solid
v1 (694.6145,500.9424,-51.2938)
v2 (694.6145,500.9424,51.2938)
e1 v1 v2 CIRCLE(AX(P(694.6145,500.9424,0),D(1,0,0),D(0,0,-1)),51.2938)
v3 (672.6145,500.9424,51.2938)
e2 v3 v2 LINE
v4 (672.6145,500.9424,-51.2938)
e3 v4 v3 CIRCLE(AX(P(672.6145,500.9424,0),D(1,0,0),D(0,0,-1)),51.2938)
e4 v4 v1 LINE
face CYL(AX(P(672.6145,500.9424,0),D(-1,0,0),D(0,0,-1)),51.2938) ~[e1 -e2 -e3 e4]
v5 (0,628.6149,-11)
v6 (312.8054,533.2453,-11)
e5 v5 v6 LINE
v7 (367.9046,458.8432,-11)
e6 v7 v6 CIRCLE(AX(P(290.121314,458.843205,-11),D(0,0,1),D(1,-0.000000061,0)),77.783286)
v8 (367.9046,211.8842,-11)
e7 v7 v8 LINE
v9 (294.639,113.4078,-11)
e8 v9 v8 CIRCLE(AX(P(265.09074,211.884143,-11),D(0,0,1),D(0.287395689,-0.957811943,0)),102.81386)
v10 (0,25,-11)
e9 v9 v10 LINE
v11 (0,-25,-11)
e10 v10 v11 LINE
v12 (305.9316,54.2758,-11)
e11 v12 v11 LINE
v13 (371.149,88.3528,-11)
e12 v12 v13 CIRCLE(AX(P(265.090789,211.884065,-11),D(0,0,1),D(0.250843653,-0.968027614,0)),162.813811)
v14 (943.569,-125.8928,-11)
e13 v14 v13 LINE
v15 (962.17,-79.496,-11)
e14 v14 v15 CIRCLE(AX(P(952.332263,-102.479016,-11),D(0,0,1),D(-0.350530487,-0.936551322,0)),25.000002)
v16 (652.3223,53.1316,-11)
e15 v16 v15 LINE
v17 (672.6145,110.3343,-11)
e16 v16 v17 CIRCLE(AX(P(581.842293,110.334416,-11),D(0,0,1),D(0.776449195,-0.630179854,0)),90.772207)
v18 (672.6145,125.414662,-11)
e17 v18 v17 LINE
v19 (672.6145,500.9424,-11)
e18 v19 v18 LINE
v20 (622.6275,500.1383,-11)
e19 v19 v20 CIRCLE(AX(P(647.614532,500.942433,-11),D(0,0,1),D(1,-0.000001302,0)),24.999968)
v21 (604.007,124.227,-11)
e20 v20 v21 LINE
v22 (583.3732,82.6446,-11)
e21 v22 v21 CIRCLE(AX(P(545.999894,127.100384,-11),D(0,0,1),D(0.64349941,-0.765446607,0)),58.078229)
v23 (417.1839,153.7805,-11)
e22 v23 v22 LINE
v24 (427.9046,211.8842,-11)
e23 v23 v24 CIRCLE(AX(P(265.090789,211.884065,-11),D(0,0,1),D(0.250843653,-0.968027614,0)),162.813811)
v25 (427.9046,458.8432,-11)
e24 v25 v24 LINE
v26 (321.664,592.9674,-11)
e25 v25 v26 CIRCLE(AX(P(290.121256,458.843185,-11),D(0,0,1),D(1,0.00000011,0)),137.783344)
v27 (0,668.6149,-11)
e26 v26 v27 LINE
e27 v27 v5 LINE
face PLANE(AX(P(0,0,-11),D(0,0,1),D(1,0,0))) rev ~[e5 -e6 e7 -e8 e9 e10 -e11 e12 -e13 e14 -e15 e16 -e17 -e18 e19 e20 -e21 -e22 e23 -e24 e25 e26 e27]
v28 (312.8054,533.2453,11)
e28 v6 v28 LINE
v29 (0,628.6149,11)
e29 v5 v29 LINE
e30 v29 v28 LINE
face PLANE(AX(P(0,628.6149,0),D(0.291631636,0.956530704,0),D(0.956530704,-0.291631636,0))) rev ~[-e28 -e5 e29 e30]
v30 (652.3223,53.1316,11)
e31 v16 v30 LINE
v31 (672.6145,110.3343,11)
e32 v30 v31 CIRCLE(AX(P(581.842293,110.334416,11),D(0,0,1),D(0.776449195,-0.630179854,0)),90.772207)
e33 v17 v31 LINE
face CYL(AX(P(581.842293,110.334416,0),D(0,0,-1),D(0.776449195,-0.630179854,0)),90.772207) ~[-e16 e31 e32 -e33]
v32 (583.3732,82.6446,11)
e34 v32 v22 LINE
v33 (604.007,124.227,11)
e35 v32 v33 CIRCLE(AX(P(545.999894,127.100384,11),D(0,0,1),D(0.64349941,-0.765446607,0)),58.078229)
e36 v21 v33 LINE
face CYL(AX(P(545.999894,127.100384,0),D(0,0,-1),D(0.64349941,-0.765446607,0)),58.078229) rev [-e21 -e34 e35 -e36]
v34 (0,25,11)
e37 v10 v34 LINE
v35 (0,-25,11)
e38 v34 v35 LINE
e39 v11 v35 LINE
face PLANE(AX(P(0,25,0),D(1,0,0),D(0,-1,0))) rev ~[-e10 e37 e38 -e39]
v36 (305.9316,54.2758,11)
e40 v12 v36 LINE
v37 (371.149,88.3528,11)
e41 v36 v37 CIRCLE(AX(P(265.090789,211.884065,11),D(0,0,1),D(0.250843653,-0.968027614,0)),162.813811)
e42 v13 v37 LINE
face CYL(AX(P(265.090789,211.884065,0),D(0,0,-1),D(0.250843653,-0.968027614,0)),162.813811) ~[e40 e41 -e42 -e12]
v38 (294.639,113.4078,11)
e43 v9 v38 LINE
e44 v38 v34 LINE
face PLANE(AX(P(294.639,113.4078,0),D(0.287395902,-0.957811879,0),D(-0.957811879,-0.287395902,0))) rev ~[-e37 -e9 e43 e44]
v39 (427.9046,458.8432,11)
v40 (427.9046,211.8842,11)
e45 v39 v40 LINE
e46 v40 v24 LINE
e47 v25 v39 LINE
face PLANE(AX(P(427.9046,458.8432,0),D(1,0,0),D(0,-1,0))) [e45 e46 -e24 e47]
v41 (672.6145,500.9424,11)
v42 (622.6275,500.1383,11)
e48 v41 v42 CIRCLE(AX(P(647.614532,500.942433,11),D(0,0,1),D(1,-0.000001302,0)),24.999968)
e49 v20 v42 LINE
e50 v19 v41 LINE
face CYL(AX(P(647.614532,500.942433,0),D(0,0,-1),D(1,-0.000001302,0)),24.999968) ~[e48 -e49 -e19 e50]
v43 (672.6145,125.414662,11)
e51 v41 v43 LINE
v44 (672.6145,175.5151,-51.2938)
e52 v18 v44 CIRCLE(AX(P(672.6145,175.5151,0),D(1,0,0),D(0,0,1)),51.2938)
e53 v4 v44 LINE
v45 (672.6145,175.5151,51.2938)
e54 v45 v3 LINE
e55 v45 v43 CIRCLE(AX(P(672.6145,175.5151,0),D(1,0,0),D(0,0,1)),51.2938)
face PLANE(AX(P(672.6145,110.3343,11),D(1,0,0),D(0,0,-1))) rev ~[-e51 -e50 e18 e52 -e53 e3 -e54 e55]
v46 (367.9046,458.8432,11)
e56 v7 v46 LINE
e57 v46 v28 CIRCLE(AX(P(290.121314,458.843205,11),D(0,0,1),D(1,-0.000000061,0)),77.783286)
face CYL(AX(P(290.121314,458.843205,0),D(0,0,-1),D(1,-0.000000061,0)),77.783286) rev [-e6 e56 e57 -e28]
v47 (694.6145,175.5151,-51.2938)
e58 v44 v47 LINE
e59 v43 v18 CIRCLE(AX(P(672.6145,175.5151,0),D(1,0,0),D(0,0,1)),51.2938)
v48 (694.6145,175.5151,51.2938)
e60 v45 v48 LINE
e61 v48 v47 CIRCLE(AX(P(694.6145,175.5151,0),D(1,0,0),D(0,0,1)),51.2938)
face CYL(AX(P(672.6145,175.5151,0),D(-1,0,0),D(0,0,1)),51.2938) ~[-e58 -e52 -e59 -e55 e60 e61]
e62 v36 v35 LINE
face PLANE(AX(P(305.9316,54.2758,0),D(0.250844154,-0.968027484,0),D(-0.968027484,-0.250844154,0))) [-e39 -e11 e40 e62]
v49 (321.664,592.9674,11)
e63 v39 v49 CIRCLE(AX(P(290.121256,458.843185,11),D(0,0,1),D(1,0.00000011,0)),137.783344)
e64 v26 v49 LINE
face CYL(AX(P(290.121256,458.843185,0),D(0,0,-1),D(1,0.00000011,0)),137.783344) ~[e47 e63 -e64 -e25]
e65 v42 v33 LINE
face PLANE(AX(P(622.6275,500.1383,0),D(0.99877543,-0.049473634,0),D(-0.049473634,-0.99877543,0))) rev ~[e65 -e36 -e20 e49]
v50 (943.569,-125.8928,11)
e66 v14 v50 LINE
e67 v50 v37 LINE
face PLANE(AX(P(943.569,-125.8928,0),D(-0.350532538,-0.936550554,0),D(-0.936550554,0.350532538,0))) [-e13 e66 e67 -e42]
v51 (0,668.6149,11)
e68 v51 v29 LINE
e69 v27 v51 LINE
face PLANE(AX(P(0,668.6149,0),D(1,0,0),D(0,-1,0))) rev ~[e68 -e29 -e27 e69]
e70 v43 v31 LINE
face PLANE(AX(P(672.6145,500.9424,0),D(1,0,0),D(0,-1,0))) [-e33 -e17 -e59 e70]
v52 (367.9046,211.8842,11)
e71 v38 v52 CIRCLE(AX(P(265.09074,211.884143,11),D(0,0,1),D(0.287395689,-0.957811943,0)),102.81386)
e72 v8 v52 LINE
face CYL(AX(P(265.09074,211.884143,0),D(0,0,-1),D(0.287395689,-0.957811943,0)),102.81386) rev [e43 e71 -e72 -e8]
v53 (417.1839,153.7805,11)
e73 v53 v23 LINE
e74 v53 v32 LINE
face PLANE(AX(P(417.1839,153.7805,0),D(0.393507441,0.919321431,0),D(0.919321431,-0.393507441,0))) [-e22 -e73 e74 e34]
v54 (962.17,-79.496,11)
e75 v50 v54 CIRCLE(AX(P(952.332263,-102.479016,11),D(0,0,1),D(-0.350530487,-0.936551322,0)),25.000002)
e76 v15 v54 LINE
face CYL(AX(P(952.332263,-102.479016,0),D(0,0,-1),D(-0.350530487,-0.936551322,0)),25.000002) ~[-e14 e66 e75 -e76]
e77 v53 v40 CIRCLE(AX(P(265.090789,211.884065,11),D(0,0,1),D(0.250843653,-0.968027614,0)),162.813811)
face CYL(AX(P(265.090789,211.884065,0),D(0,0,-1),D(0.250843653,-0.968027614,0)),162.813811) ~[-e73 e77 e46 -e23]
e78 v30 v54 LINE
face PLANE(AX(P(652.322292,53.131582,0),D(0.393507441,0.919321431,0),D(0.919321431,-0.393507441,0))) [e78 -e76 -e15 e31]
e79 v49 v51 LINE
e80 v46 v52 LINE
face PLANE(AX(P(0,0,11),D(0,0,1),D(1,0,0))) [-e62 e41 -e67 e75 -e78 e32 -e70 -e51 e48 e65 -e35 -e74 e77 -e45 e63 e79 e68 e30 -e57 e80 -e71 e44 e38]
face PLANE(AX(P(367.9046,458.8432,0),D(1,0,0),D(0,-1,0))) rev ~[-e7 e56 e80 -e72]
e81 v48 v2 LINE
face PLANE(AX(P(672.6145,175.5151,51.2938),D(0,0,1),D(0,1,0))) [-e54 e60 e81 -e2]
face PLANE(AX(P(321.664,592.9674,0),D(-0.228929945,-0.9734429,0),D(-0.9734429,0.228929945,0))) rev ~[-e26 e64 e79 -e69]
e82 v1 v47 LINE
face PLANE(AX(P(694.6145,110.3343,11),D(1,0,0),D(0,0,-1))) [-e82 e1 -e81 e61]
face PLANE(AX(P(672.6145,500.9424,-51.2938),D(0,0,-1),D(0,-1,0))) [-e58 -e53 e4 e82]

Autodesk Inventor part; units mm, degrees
ref_plane "YZ Plane" through (0, 0, 0) normal (1, 0, 0) x (0, 1, 0)
ref_plane "XZ Plane" through (0, 0, 0) normal (0, 1, 0) x (-1, 0, 0)
ref_plane "XY Plane" through (0, 0, 0) normal (0, 0, 1) x (1, 0, 0)
sketch "Эскиз1" plane through (0, 0, 0) normal (0, 0, 1) x (1, 0, 0)
  line L0 (0, 0) -> (900, 0) construction
  line L1 (900, 0) -> (900, 600) construction
  line L2 (900, 600) -> (0, 600) construction
  line L3 (0, 600) -> (0, 0) construction
  line L4 (450, 0) -> (450, 600) construction
  line L5 (0, 0) -> (300.7975, 83.9601) construction
  arc A0 (300.7975, 83.9601) -> (397.9046, 211.8842) centre (265.0907, 211.8842) ccw construction
  line L6 (397.9046, 211.8842) -> (397.9046, 458.8432) construction
  arc A1 (397.9046, 458.8432) -> (329.7441, 559.0793) centre (290.1213, 458.8432) ccw construction
  line L7 (329.7441, 559.0793) -> (0, 648.6149) construction
  line L8 (370.878, 131.5811) -> (952.3323, -102.4791) construction
  line L9 (647.6145, 500.9424) -> (647.6145, 136.0829) construction
  arc A2 (578.6712, 47.9354) -> (647.6145, 136.0829) centre (556.7924, 136.0829) ccw construction
  line L10 (427.9046, 458.8432) -> (427.9046, 211.8842)
  arc A3 (305.9316, 54.2758) -> (427.9046, 211.8842) centre (265.0907, 211.8842) ccw
  line L11 (305.9316, 54.2758) -> (0, -25)
  line L12 (0, 628.6149) -> (312.8054, 533.2453)
  arc A4 (367.9046, 458.8432) -> (312.8054, 533.2453) centre (290.1213, 458.8432) ccw
  line L13 (367.9046, 458.8432) -> (367.9046, 211.8842)
  arc A5 (294.639, 113.4078) -> (367.9046, 211.8842) centre (265.0907, 211.8842) ccw
  line L14 (294.639, 113.4078) -> (0, 25)
  line L15 (0, 668.6149) -> (0, 628.6149)
  line L16 (0, 25) -> (0, -25)
  arc A6 (427.9046, 458.8432) -> (321.664, 592.9674) centre (290.1213, 458.8432) ccw
  line L17 (321.664, 592.9674) -> (0, 668.6149)
  line L18 (417.1839, 153.7805) -> (962.17, -79.496)
  arc A7 (943.569, -125.8928) -> (962.17, -79.496) centre (952.3323, -102.4791) ccw
  line L19 (943.569, -125.8928) -> (371.149, 88.3528)
  line L20 (672.6145, 500.9424) -> (672.6145, 110.3343)
  arc A8 (672.6145, 500.9424) -> (622.6275, 500.1383) centre (647.6145, 500.9424) ccw
  line L21 (622.6275, 500.1383) -> (604.007, 124.227)
  arc A9 (583.3732, 82.6446) -> (604.007, 124.227) centre (546, 127.1003) ccw
  arc A10 (652.3223, 53.1316) -> (672.6145, 110.3343) centre (581.8425, 110.3343) ccw
  dimension "d0" = 900
  dimension "d1" = 600
  dimension "d2" = 450
  dimension "d3" = 60
  dimension "d4" = 40
  dimension "d5" = 50
  dimension "d6" = 80
  dimension "d7" = 25
  dimension "d8" = 40
  dimension "d9" = 25
  dimension "d10" = 75
  dimension "d11" = 70
extrude "Выдавливание1" add sketch "Эскиз1" along normal mid plane 22
sketch "Эскиз2" plane through (672.6145, 110.3343, 11) normal (1, 0, 0) x (0, 0, -1)
  line L0 (0, 390.6081) -> (22, 390.6081) construction
  line L1 (0, 0) -> (0, 390.6081) construction
  line L2 (22, 0) -> (0, 0) construction
  line L3 (22, 390.6081) -> (22, 0) construction
  line L4 (11, 390.6081) -> (11, 65.1808) construction
  line L5 (62.2938, 390.6081) -> (62.2938, 65.1808)
  line L6 (-40.2938, 65.1808) -> (-40.2938, 390.6081)
  arc A0 (62.2938, 390.6081) -> (-40.2938, 390.6081) centre (11, 390.6081) ccw
  arc A1 (-40.2938, 65.1808) -> (62.2938, 65.1808) centre (11, 65.1808) ccw
  point P0 (11, -110.3343)
  point P1 (11, 227.8944)
extrude "Выдавливание2" add sketch "Эскиз2" along normal blind 22
properties part number "Кресло бок" material "Древесина (дуб)"
